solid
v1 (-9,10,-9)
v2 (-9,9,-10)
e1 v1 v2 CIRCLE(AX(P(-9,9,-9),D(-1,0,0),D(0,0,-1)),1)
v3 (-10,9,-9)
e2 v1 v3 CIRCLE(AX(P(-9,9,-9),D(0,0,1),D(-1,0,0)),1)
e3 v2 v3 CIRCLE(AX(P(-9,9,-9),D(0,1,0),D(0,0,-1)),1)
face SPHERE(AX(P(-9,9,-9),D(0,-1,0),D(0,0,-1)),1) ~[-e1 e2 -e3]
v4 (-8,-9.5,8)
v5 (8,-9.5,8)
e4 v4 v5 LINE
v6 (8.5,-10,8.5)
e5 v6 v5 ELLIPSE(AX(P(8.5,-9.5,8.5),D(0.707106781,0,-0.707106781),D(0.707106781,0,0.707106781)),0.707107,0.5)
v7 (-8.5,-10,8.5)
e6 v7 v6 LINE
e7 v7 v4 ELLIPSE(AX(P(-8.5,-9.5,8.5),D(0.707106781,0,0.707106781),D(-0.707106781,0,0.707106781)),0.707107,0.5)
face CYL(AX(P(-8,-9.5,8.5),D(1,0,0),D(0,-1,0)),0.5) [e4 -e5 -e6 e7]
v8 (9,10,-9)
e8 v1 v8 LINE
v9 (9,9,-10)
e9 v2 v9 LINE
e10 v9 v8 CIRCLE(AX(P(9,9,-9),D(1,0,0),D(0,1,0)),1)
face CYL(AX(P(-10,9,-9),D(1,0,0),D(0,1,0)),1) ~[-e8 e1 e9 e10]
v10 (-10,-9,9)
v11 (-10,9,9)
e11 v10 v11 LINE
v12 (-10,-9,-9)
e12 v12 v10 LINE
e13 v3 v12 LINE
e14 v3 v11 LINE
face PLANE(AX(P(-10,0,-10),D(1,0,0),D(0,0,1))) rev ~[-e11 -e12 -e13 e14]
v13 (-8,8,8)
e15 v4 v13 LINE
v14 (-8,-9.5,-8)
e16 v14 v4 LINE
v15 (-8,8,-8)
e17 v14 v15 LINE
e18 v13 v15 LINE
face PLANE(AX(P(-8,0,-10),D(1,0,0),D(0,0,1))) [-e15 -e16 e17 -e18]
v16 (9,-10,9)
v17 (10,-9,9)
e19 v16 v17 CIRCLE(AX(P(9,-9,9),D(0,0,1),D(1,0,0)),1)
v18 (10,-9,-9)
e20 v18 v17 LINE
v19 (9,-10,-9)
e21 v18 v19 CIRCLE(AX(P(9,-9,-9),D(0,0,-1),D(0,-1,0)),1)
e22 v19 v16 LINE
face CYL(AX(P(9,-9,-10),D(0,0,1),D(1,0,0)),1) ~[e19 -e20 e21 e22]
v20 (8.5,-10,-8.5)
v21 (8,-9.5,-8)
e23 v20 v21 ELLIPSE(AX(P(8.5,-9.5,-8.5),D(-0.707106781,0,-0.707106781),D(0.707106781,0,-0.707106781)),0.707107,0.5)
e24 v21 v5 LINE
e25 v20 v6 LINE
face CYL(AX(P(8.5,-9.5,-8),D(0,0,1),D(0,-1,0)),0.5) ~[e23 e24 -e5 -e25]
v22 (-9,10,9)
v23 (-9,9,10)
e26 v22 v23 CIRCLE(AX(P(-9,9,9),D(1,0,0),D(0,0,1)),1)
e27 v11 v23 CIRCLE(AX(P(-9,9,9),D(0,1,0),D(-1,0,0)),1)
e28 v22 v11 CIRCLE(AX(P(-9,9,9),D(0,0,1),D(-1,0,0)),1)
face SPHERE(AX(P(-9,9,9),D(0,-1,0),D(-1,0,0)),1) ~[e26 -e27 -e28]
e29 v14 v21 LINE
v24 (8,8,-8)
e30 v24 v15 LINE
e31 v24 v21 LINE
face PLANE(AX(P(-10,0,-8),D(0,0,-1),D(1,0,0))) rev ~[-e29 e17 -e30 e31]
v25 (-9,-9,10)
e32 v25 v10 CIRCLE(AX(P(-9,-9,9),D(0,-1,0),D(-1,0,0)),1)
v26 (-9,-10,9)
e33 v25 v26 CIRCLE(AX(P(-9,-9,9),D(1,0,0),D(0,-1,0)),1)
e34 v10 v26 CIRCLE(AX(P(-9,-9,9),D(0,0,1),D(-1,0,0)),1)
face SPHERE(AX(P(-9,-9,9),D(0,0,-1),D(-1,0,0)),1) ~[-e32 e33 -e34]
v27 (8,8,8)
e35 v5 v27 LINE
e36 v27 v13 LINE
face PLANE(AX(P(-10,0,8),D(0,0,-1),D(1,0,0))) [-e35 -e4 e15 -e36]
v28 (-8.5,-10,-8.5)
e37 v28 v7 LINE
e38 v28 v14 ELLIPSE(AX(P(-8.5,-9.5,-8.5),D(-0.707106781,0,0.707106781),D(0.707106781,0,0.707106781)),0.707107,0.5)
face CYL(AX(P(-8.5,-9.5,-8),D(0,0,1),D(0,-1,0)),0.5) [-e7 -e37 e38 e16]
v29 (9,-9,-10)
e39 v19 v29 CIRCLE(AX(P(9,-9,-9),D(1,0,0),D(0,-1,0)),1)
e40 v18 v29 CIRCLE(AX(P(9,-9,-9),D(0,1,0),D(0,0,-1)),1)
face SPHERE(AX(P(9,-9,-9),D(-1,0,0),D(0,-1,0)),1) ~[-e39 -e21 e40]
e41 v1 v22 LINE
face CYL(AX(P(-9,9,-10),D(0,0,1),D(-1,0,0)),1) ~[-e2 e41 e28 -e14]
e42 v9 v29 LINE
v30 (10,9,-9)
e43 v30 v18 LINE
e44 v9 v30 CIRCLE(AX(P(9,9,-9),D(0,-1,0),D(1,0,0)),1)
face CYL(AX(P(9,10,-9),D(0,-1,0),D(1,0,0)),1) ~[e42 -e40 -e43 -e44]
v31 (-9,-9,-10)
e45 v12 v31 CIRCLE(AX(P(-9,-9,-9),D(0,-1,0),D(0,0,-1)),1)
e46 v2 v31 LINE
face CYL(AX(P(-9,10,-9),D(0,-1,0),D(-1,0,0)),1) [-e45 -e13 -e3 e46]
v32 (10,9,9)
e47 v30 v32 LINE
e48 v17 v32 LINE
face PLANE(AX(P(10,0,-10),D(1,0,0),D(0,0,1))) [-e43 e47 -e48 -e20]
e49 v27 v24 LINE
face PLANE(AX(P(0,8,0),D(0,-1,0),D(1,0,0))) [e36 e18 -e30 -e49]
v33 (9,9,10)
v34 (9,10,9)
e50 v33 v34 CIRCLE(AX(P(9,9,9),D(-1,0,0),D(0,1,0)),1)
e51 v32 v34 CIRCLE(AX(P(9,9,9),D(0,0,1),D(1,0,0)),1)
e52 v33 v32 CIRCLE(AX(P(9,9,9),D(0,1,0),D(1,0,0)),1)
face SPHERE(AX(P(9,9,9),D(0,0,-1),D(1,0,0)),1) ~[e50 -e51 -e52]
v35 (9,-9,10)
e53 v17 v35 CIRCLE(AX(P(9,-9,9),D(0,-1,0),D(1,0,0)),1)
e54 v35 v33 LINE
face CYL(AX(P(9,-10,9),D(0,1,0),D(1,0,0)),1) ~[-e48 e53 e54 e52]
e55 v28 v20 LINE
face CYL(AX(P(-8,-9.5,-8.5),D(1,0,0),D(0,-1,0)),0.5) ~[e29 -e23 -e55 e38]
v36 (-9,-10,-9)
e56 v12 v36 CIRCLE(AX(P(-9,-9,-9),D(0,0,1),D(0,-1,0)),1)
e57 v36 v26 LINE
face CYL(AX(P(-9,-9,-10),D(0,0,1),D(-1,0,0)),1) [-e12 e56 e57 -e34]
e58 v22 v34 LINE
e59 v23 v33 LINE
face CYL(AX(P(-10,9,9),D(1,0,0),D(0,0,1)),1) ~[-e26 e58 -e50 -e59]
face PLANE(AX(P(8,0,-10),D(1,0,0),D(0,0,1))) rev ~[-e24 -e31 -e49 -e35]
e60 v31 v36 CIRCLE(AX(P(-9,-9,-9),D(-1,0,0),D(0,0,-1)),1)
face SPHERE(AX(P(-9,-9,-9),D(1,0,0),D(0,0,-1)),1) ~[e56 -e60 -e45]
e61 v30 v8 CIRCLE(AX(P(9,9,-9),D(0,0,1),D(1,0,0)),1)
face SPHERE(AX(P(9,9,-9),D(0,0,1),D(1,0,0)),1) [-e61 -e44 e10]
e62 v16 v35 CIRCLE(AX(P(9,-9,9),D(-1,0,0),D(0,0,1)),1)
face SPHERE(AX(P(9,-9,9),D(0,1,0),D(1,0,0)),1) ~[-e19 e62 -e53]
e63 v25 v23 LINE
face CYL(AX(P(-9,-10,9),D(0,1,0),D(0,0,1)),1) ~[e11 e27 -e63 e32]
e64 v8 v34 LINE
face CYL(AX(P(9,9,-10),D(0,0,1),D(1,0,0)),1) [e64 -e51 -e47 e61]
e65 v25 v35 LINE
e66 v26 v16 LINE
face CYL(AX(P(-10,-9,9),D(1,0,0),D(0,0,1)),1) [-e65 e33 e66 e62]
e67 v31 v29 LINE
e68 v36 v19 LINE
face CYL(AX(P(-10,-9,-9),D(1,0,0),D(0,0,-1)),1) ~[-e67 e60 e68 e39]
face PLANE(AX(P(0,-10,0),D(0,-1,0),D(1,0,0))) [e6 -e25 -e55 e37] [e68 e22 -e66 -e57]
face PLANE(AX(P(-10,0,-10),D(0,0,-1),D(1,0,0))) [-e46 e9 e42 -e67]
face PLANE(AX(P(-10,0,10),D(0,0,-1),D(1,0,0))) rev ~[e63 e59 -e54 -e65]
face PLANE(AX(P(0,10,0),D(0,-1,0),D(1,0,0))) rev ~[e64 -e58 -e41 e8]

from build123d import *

# Parameters (mm, degrees)
F0_W     = 20
F0_H     = 20
F1_DEPTH = 10
F2_T     = -2
F3_R     = 1
F4_R     = 0.5


with BuildPart() as f1:
    # F0 (on Front) → F1 (new body, symmetric)
    with BuildSketch(Plane.XZ):
        Rectangle(F0_W, F0_H)
    extrude(amount=F1_DEPTH, both=True)

    # F2
    f2_openings = [f1.faces().sort_by_distance(p)[0] for p in [
        (0, -10, 0),
    ]]
    offset(amount=F2_T, openings=f2_openings)

    # F3
    f3_edges = [f1.edges().sort_by_distance(p)[0] for p in [
        (0, -10, -10),
        (10, 10, 0),
        (10, 0, 10),
        (10, -10, 0),
        (10, 0, -10),
        (-10, 0, -10),
        (0, 10, -10),
        (-10, -10, 0),
        (-10, 0, 10),
        (-10, 10, 0),
        (0, 10, 10),
        (0, -10, 10),
    ]]
    fillet(f3_edges, radius=F3_R)

    # F4
    f4_edges = [f1.edges().sort_by_distance(p)[0] for p in [
        (-8, -10, 0),
        (0, -10, -8),
        (8, -10, 0),
        (0, -10, -9),
        (-9, -10, 0),
        (9, -10, 0),
        (0, -10, 9),
        (0, -10, 8),
    ]]
    fillet(f4_edges, radius=F4_R)


solid = f1.part
